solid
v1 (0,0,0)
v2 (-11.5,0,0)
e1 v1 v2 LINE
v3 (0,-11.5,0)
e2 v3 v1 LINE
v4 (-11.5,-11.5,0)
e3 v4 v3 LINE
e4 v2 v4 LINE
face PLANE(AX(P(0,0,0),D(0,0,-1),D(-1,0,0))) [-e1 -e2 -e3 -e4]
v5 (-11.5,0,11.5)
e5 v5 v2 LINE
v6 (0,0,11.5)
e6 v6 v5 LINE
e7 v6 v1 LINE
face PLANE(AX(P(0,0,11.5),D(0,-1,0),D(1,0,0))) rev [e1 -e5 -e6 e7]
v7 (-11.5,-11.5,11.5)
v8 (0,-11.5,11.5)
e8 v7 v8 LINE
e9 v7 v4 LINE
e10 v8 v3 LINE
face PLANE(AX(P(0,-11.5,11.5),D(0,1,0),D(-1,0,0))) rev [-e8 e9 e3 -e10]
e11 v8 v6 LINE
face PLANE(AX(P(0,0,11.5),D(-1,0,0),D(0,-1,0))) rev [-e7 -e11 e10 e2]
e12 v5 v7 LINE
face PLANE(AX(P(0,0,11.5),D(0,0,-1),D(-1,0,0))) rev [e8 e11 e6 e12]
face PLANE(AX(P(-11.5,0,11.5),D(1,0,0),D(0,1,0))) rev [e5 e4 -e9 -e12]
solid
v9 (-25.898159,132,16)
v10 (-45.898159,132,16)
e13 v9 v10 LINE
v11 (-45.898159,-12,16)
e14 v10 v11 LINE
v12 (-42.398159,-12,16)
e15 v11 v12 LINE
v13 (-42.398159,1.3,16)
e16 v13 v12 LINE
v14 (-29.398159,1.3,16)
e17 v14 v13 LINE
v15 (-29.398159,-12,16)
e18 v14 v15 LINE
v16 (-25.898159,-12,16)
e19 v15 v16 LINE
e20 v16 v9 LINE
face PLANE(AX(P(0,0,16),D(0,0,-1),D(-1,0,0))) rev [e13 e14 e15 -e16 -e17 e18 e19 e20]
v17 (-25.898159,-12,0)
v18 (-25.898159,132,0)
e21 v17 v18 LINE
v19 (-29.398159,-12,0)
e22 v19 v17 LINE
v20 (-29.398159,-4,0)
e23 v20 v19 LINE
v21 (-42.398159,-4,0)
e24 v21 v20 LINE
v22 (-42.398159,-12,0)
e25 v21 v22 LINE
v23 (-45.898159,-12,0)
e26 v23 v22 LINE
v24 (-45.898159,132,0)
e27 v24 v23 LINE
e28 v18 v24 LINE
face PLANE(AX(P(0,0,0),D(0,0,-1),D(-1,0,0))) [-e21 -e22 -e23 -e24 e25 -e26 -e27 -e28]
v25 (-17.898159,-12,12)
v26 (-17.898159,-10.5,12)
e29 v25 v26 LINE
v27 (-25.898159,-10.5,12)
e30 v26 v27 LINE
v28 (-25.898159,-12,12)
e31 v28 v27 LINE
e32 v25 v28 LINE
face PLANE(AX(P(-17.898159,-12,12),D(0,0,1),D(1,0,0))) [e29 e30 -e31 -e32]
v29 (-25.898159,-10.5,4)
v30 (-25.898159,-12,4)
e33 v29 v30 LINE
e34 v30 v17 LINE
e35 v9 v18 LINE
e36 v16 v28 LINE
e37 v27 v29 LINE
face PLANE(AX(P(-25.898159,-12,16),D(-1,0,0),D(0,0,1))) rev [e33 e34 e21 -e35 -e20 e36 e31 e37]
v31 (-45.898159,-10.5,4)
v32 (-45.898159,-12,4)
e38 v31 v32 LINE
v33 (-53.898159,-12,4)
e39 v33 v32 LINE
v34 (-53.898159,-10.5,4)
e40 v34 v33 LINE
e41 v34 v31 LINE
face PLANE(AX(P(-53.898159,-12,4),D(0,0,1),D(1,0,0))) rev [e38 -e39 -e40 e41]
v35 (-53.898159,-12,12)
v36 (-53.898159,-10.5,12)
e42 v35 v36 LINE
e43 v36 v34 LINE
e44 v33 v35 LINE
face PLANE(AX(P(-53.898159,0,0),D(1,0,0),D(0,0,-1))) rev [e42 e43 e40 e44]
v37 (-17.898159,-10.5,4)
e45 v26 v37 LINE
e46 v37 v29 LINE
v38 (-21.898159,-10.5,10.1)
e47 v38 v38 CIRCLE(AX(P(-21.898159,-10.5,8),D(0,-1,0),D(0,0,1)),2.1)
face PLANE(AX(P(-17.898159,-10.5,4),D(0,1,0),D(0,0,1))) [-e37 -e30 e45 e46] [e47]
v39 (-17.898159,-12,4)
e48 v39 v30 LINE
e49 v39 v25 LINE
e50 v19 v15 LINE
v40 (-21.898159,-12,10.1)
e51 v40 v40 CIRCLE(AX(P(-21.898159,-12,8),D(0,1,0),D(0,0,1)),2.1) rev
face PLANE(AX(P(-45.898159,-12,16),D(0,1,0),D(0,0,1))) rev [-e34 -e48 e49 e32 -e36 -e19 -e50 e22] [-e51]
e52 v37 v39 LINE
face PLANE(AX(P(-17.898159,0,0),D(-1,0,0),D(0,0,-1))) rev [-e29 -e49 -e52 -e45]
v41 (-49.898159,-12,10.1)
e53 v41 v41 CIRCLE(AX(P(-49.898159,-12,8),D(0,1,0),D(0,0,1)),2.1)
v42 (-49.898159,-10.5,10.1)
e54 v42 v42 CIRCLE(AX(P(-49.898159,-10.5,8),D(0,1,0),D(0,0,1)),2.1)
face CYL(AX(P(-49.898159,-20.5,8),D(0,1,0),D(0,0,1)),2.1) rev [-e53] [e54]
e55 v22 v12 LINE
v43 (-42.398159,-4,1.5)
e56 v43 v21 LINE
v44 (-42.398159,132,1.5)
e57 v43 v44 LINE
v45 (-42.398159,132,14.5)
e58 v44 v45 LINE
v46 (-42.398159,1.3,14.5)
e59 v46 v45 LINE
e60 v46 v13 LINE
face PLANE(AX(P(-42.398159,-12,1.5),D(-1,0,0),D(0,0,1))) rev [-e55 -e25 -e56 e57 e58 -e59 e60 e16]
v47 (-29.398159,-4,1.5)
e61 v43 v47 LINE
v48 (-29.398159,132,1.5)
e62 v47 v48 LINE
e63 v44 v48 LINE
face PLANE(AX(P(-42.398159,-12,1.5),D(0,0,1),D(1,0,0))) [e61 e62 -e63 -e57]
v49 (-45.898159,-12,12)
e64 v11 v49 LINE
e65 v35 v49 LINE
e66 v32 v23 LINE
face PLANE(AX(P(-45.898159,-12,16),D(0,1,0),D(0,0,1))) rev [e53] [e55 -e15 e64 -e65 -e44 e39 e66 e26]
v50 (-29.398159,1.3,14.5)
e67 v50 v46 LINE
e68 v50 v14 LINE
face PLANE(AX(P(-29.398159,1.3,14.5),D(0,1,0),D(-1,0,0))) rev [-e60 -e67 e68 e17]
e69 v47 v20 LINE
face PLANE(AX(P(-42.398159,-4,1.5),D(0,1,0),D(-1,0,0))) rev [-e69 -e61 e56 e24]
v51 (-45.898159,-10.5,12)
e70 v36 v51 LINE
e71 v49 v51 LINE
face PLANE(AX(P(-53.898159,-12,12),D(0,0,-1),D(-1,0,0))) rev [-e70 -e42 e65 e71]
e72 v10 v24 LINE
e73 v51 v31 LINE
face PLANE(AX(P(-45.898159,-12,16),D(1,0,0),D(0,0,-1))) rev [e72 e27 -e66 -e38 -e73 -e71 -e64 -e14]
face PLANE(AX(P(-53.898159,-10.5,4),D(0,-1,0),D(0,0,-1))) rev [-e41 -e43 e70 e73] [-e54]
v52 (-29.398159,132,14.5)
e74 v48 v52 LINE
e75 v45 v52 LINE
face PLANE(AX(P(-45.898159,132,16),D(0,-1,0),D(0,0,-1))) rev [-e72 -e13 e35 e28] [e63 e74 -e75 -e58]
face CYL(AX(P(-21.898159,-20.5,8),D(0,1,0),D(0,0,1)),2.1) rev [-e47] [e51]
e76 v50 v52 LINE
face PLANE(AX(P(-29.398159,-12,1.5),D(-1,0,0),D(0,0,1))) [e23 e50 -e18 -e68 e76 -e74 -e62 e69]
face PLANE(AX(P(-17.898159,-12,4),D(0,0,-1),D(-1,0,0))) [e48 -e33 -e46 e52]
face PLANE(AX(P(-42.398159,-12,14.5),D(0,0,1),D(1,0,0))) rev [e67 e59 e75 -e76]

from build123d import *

# Parameters (mm, degrees)
SKETCH1_W           = 11.5
SKETCH1_H           = 11.5
BOSS_EXTRUDE1_DEPTH = 11.5
SKETCH2_W           = 20
SKETCH2_H           = 144
BOSS_EXTRUDE2_DEPTH = 16
SKETCH4_W           = 13
SKETCH4_H           = 13
CUT_EXTRUDE1_DEPTH  = 152.98237065
SKETCH5_W           = 13
SKETCH5_H           = 13.3
CUT_EXTRUDE2_DEPTH  = 1.5
SKETCH6_W           = 13
SKETCH6_H           = 8
CUT_EXTRUDE3_DEPTH  = 1.5
SKETCH7_W           = 8
SKETCH7_H           = 1.5
BOSS_EXTRUDE3_DEPTH = 8
SKETCH8_R           = 2.1
CUT_EXTRUDE4_DEPTH  = 10


with BuildPart() as part:
    # Sketch1 → Boss-Extrude1 (new body)
    with BuildSketch(Plane.XY):
        with Locations((-5.75, -5.75)):
            Rectangle(SKETCH1_W, SKETCH1_H)
    extrude(amount=BOSS_EXTRUDE1_DEPTH)


with BuildPart() as body_2:
    # Sketch2 → Boss-Extrude2 (new body)
    with BuildSketch(Plane.XY):
        with Locations((-35.898158877, 60)):
            Rectangle(SKETCH2_W, SKETCH2_H)
    extrude(amount=BOSS_EXTRUDE2_DEPTH)

    # Sketch4 → Cut-Extrude1 (cut, through all)
    with BuildSketch(Plane(origin=(0, 132, 0), x_dir=(1, 0, 0), z_dir=(0, 1, 0))):
        with Locations((-35.898158877, -8)):
            Rectangle(SKETCH4_W, SKETCH4_H)
    extrude(amount=-CUT_EXTRUDE1_DEPTH, mode=Mode.SUBTRACT)

    # Sketch5 → Cut-Extrude2 (cut)
    with BuildSketch(Plane.XY.offset(16)):
        with Locations((-35.898158877, -5.35)):
            Rectangle(SKETCH5_W, SKETCH5_H)
    extrude(amount=-CUT_EXTRUDE2_DEPTH, mode=Mode.SUBTRACT)

    # Sketch6 → Cut-Extrude3 (cut)
    with BuildSketch(Plane(origin=(0, 0, 0), x_dir=(-1, 0, 0), z_dir=(0, 0, -1))):
        with Locations((35.898158877, -8)):
            Rectangle(SKETCH6_W, SKETCH6_H)
    extrude(amount=-CUT_EXTRUDE3_DEPTH, mode=Mode.SUBTRACT)

    # Sketch7 → Boss-Extrude3 (add)
    with BuildSketch(Plane.ZY.offset(45.898158877)):
        with Locations((8, -11.25)):
            Rectangle(SKETCH7_W, SKETCH7_H)
    boss_extrude3 = extrude(amount=BOSS_EXTRUDE3_DEPTH)

    # Sketch8 → Cut-Extrude4 (cut)
    with BuildSketch(Plane(origin=(0, -10.5, 0), x_dir=(1, 0, 0), z_dir=(0, 1, 0))):
        with Locations(Location((-49.898158877, -8, 0), (0, 0, 270))):
            Circle(SKETCH8_R)
    cut_extrude4 = extrude(amount=-CUT_EXTRUDE4_DEPTH, mode=Mode.SUBTRACT)

    # Mirror3: Boss-Extrude3, Cut-Extrude4 across plane
    add(boss_extrude3.mirror(Plane.ZY.offset(35.898158877)))
    add(cut_extrude4.mirror(Plane.ZY.offset(35.898158877)), mode=Mode.SUBTRACT)


solid = Compound([part.part, body_2.part])
